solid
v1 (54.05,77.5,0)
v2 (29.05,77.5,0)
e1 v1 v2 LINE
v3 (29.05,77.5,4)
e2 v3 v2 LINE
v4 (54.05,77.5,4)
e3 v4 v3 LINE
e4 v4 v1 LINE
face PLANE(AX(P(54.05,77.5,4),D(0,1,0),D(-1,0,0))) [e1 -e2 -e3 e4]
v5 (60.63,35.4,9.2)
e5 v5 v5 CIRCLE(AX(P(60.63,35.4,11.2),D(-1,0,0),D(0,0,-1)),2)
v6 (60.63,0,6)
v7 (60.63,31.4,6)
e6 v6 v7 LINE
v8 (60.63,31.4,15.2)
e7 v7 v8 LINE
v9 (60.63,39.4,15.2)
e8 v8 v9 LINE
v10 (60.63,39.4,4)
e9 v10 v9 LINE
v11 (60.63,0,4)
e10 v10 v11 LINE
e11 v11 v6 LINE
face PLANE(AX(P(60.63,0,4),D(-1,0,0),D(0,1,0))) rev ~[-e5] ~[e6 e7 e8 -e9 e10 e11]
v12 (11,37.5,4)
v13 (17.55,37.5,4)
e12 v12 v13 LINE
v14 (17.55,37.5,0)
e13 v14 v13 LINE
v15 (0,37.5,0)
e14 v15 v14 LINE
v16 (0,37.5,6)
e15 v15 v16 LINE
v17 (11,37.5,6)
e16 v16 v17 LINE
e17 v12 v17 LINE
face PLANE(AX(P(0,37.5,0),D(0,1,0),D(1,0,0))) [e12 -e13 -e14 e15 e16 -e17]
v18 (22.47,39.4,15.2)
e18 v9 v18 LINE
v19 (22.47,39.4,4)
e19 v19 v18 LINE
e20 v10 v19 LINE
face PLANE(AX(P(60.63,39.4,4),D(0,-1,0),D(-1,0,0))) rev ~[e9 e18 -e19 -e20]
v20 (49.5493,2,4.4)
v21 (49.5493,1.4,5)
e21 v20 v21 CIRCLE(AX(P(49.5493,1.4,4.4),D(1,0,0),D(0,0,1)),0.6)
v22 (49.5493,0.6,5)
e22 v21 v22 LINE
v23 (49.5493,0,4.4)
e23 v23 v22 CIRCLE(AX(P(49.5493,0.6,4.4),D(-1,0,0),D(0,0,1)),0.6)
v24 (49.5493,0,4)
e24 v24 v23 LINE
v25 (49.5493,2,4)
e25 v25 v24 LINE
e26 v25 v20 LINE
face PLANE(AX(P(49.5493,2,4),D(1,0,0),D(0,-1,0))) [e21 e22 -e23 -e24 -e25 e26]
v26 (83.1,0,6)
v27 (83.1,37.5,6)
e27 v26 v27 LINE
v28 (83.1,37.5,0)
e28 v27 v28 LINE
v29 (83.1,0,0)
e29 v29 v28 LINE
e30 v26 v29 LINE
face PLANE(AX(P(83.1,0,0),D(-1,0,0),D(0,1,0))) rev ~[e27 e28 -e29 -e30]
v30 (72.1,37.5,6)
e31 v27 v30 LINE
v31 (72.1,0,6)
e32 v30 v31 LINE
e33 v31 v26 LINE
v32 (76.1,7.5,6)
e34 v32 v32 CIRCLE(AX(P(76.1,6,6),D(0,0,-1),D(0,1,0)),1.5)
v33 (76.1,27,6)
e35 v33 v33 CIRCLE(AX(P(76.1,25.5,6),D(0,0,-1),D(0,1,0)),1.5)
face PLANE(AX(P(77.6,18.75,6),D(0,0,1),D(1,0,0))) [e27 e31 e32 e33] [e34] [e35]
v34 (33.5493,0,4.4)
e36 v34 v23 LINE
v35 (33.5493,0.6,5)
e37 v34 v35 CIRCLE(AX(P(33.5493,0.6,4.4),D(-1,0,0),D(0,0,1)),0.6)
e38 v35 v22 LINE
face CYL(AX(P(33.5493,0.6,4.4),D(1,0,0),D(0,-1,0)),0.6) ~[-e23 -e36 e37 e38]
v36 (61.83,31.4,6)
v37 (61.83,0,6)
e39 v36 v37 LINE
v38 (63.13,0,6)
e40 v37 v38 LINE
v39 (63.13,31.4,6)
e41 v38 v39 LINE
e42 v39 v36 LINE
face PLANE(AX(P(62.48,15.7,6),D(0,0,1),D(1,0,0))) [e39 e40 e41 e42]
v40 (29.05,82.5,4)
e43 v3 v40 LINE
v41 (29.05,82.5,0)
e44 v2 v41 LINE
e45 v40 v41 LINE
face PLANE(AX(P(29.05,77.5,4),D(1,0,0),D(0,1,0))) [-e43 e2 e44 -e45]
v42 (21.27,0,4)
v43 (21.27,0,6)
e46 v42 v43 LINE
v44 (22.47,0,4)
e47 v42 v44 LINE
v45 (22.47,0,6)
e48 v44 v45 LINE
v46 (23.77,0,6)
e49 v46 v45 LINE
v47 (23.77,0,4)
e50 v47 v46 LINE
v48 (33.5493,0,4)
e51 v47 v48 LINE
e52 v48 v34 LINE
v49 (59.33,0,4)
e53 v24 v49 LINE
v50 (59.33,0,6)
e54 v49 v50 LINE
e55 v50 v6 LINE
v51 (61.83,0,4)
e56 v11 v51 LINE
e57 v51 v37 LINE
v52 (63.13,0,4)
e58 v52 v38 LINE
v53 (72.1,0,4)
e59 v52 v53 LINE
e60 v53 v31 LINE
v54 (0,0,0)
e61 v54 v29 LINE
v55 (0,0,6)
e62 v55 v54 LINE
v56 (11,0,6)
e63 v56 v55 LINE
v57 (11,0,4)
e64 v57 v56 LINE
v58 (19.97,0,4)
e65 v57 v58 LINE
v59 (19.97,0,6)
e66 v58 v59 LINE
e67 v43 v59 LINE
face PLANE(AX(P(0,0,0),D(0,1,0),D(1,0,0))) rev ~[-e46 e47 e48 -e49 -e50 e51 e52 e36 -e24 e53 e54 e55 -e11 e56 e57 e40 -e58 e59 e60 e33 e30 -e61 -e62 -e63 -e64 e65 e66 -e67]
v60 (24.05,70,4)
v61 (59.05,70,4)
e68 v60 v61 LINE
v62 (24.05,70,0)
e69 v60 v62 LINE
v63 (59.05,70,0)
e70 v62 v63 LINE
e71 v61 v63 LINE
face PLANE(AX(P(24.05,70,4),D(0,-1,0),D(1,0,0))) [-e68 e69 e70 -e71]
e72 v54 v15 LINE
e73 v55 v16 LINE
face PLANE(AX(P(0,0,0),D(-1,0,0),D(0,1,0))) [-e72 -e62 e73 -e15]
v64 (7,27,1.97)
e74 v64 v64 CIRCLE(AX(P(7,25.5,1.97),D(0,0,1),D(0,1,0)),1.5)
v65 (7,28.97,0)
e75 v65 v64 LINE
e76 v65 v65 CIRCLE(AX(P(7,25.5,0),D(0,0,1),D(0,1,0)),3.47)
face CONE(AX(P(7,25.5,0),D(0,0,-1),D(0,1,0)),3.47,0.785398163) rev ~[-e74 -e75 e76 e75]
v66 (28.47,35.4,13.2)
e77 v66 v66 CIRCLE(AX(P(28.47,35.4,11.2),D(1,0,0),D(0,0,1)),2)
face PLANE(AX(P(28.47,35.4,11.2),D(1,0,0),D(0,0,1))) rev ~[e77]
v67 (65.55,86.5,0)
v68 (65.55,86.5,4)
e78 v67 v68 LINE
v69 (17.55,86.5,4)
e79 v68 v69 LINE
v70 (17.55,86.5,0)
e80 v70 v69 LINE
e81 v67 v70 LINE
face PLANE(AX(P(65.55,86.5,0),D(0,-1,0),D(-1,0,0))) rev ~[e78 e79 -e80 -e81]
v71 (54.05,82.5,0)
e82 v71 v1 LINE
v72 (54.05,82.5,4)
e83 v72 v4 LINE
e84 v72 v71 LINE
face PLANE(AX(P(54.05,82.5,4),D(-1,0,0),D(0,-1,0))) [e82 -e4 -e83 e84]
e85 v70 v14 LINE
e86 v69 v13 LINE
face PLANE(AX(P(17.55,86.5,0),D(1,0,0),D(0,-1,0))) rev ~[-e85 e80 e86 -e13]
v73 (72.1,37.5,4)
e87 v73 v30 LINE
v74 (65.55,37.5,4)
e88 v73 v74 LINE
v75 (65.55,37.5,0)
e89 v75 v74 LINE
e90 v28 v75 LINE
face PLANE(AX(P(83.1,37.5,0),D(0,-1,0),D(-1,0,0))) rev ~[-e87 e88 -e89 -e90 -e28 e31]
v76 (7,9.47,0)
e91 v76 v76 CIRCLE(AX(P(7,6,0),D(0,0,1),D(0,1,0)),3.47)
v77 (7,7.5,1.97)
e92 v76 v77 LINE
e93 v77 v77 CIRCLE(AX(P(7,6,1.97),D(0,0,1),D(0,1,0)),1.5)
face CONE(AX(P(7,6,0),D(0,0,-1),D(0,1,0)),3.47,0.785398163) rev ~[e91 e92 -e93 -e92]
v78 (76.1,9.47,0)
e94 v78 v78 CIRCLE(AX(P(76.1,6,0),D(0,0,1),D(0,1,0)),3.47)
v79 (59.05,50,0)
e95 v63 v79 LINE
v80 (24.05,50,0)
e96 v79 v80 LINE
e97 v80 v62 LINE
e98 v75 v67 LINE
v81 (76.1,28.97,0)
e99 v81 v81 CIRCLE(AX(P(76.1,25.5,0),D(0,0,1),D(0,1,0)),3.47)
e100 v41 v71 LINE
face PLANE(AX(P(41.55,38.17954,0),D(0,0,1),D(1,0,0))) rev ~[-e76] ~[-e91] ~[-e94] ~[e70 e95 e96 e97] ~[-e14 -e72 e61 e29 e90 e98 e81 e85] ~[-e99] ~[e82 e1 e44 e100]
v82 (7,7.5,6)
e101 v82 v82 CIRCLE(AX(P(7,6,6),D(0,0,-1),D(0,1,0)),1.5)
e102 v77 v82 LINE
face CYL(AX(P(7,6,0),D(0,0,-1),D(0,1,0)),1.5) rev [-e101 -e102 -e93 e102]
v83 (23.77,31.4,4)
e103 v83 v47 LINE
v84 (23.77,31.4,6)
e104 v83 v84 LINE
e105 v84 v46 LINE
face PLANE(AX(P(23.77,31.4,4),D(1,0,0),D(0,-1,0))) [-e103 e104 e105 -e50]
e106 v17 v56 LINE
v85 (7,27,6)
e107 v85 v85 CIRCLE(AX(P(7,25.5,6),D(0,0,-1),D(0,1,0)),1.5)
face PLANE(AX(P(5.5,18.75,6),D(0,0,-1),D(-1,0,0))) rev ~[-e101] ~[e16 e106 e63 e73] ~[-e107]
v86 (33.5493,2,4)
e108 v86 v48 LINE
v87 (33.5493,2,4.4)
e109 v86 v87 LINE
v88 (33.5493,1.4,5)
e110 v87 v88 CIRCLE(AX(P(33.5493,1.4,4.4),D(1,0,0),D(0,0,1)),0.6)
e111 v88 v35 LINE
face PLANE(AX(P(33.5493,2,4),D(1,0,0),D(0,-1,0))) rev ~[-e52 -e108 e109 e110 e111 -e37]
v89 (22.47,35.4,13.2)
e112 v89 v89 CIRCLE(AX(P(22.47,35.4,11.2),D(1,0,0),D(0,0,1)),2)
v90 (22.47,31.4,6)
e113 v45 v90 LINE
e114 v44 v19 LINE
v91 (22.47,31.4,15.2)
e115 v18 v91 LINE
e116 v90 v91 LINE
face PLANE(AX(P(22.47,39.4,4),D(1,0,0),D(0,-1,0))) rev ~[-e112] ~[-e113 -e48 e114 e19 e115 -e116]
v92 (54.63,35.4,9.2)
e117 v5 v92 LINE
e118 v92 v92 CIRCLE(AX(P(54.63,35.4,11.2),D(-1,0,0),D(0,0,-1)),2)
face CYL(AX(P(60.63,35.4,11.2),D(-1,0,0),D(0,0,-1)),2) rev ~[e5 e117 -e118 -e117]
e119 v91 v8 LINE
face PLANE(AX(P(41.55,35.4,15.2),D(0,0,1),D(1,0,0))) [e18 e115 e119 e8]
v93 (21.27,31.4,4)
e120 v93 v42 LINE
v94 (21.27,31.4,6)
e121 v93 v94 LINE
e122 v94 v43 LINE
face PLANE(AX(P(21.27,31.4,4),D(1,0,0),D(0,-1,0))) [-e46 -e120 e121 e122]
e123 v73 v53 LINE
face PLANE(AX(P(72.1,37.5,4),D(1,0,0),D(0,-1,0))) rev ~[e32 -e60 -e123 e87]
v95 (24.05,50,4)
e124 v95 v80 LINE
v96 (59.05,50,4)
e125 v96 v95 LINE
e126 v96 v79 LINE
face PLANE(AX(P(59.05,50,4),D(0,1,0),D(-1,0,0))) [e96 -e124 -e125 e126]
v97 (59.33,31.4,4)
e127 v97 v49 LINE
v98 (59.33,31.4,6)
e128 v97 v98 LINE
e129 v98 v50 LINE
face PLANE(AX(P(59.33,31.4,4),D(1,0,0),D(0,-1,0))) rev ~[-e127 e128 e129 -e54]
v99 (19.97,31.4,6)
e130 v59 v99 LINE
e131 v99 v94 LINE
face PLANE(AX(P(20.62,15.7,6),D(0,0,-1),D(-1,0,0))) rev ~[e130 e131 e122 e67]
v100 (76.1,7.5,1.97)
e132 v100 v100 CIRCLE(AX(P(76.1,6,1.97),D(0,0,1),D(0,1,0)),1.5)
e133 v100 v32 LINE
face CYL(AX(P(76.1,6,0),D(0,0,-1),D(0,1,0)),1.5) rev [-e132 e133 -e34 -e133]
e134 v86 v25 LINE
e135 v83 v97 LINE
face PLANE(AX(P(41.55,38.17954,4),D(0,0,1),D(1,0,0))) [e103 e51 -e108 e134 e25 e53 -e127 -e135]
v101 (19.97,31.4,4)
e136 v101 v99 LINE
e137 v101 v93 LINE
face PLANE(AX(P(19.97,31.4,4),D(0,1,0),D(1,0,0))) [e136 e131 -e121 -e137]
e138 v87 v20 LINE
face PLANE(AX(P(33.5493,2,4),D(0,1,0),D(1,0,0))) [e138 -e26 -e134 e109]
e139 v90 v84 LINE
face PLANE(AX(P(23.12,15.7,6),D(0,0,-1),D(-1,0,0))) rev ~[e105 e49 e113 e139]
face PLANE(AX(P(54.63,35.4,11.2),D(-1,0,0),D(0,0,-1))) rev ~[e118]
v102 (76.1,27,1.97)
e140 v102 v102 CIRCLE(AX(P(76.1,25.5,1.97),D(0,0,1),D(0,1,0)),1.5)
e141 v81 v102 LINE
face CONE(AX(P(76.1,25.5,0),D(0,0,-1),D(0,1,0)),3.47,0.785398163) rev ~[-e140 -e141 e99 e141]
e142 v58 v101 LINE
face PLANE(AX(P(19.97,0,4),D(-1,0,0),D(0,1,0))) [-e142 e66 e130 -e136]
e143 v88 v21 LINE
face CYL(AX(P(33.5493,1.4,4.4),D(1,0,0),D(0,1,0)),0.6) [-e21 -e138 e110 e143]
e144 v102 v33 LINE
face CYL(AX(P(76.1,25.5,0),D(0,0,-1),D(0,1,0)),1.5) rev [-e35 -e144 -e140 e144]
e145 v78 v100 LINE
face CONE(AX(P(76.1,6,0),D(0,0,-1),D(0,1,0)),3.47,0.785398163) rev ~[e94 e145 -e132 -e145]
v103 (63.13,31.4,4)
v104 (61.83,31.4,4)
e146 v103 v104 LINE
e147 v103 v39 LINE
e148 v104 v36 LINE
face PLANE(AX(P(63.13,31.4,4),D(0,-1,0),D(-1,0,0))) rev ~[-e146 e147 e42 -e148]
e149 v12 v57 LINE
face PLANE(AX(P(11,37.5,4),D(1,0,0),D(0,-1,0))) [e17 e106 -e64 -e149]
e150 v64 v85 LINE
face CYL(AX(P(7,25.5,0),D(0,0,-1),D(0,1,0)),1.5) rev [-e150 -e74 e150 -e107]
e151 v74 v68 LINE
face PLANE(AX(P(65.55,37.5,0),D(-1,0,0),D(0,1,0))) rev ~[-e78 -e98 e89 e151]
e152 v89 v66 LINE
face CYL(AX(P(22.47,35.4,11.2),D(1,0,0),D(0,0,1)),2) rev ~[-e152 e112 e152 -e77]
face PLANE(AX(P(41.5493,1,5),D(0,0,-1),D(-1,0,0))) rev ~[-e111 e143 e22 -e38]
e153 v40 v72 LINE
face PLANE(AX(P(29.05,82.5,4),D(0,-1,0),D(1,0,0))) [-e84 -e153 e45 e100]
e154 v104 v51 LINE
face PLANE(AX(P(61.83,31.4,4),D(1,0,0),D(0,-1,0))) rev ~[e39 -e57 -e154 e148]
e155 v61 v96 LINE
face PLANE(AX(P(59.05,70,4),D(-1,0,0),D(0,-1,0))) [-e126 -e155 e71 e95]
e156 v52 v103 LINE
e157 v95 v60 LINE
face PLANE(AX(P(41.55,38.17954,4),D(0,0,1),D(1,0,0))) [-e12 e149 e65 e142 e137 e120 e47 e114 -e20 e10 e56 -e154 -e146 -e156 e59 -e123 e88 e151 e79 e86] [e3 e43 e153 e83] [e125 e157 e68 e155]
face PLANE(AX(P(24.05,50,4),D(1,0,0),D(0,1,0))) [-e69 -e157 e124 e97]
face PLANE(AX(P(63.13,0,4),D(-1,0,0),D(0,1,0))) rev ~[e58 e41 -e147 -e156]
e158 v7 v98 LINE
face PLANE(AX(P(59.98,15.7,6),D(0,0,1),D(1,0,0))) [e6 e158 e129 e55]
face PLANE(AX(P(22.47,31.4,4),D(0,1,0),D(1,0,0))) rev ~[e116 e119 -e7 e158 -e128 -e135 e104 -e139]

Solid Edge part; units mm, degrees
sketch "Sketch1" plane through (0, 0, 0) normal (0, 0, 1) x (1, 0, 0)
  line L0 (83.1, 37.5) -> (65.55, 37.5)
  line L1 (65.55, 37.5) -> (65.55, 86.5)
  line L2 (65.55, 86.5) -> (17.55, 86.5)
  line L3 (17.55, 86.5) -> (17.55, 37.5)
  line L4 (0, 37.5) -> (17.55, 37.5)
  line L5 (0, 0) -> (0, 37.5)
  line L6 (0, 0) -> (83.1, 0)
  line L7 (83.1, 0) -> (83.1, 37.5)
extrude "Protrusion1" add sketch "Sketch1" along normal blind 4
sketch "Sketch2" plane through (40.5, 43.25, 4) normal (0, 0, 1) x (1, 0, 0)
  line L0 (-29.5, -5.75) -> (-29.5, -43.25)
  line L1 (-29.5, -43.25) -> (-40.5, -43.25)
  line L2 (-40.5, -43.25) -> (-40.5, -5.75)
  line L3 (-40.5, -5.75) -> (-29.5, -5.75)
  line L4 (-20.53, -43.25) -> (-20.53, -11.85)
  line L5 (-20.53, -11.85) -> (-19.23, -11.85)
  line L6 (-19.23, -11.85) -> (-19.23, -43.25)
  line L7 (-19.23, -43.25) -> (-20.53, -43.25)
  line L8 (-16.73, -11.85) -> (-16.73, -43.25)
  line L9 (-16.73, -43.25) -> (-18.03, -43.25)
  line L10 (-18.03, -43.25) -> (-18.03, -11.85)
  line L11 (-18.03, -11.85) -> (-16.73, -11.85)
  line L12 (18.83, -11.85) -> (18.83, -43.25)
  line L13 (18.83, -43.25) -> (20.13, -43.25)
  line L14 (20.13, -43.25) -> (20.13, -11.85)
  line L15 (20.13, -11.85) -> (18.83, -11.85)
  line L16 (22.63, -43.25) -> (22.63, -11.85)
  line L17 (22.63, -11.85) -> (21.33, -11.85)
  line L18 (21.33, -11.85) -> (21.33, -43.25)
  line L19 (21.33, -43.25) -> (22.63, -43.25)
  line L20 (31.6, -5.75) -> (31.6, -43.25)
  line L21 (31.6, -43.25) -> (42.6, -43.25)
  line L22 (42.6, -43.25) -> (42.6, -5.75)
  line L23 (42.6, -5.75) -> (31.6, -5.75)
  dimension "D1" = 37.5
  dimension "D2" = 6.55
  dimension "D3" = 6.55
  dimension "D4" = 37.5
  dimension "D5" = 11
  dimension "D6" = 11
  dimension "D7" = 2.42
  dimension "D8" = 31.4
  dimension "D9" = 1.3
  dimension "D10" = 31.4
  dimension "D11" = 1.3
  dimension "D12" = 4.92
  dimension "D13" = 31.4
  dimension "D14" = 1.3
  dimension "D15" = 2.42
  dimension "D16" = 31.4
  dimension "D17" = 1.3
  dimension "D18" = 4.92
extrude "ExtrudedProtrusion_2" add sketch "Sketch2" along normal blind 2
sketch "Sketch3" plane through (41.55, 43.25, 4) normal (0, 0, 1) x (1, 0, 0)
  line L0 (-19.08, -11.85) -> (19.08, -11.85)
  line L1 (19.08, -11.85) -> (19.08, -3.85)
  line L2 (19.08, -3.85) -> (-19.08, -3.85)
  line L3 (-19.08, -3.85) -> (-19.08, -11.85)
extrude "ExtrudedProtrusion_3" add sketch "Sketch3" along normal blind 11.2
hole "Hole_1" at (60.63, 35.4, 11.2) direction (-1, 0, 0) diameter 4 depth 6
hole "Hole_2" at (22.47, 35.4, 11.2) direction (1, 0, 0) diameter 4 depth 6
sketch "Sketch4" plane through (41.55, 43.25, 4) normal (0, 0, 1) x (1, 0, 0)
  line L0 (12.5, 34.25) -> (-12.5, 34.25)
  line L1 (-12.5, 34.25) -> (-12.5, 39.25)
  line L2 (-12.5, 39.25) -> (12.5, 39.25)
  line L3 (12.5, 39.25) -> (12.5, 34.25)
  line L4 (-17.5, 26.75) -> (17.5, 26.75)
  line L5 (17.5, 26.75) -> (17.5, 6.75)
  line L6 (17.5, 6.75) -> (-17.5, 6.75)
  line L7 (-17.5, 6.75) -> (-17.5, 26.75)
  dimension "D1" = 35
  dimension "D2" = 20
  dimension "D3" = 12.5
  dimension "D4" = 6.5
  dimension "D5" = 25
  dimension "D6" = 5
  dimension "D7" = 4
  dimension "D8" = 11.5
extrude "Cutout1" cut sketch "Sketch4" against normal through all
hole "Hole_3" at (7, 6, 0) direction (0, 0, 1) diameter 3 end through all countersink diameter 6.94 countersink angle 90
hole "Hole1" at (7, 25.5, 0) direction (0, 0, 1) diameter 3 end through all countersink diameter 6.94 countersink angle 90
hole "Hole2" at (76.1, 6, 0) direction (0, 0, 1) diameter 3 end through all countersink diameter 6.94 countersink angle 90
hole "Hole3" at (76.1, 25.5, 0) direction (0, 0, 1) diameter 3 end through all countersink diameter 6.94 countersink angle 90
sketch "Sketch5" plane through (41.55, 15.7, 4) normal (0, 0, 1) x (1, 0, 0)
  line L0 (-8.0007, -13.7) -> (7.9993, -13.7)
  line L1 (7.9993, -13.7) -> (7.9993, -15.7)
  line L2 (-8.0007, -15.7) -> (7.9993, -15.7)
  line L3 (-8.0007, -13.7) -> (-8.0007, -15.7)
extrude "ExtrudedProtrusion_4" add sketch "Sketch5" along normal blind 1
fillet "Round_1" radius 0.6 2 edges at (41.5493, 2, 5) (41.5493, 0, 5)
